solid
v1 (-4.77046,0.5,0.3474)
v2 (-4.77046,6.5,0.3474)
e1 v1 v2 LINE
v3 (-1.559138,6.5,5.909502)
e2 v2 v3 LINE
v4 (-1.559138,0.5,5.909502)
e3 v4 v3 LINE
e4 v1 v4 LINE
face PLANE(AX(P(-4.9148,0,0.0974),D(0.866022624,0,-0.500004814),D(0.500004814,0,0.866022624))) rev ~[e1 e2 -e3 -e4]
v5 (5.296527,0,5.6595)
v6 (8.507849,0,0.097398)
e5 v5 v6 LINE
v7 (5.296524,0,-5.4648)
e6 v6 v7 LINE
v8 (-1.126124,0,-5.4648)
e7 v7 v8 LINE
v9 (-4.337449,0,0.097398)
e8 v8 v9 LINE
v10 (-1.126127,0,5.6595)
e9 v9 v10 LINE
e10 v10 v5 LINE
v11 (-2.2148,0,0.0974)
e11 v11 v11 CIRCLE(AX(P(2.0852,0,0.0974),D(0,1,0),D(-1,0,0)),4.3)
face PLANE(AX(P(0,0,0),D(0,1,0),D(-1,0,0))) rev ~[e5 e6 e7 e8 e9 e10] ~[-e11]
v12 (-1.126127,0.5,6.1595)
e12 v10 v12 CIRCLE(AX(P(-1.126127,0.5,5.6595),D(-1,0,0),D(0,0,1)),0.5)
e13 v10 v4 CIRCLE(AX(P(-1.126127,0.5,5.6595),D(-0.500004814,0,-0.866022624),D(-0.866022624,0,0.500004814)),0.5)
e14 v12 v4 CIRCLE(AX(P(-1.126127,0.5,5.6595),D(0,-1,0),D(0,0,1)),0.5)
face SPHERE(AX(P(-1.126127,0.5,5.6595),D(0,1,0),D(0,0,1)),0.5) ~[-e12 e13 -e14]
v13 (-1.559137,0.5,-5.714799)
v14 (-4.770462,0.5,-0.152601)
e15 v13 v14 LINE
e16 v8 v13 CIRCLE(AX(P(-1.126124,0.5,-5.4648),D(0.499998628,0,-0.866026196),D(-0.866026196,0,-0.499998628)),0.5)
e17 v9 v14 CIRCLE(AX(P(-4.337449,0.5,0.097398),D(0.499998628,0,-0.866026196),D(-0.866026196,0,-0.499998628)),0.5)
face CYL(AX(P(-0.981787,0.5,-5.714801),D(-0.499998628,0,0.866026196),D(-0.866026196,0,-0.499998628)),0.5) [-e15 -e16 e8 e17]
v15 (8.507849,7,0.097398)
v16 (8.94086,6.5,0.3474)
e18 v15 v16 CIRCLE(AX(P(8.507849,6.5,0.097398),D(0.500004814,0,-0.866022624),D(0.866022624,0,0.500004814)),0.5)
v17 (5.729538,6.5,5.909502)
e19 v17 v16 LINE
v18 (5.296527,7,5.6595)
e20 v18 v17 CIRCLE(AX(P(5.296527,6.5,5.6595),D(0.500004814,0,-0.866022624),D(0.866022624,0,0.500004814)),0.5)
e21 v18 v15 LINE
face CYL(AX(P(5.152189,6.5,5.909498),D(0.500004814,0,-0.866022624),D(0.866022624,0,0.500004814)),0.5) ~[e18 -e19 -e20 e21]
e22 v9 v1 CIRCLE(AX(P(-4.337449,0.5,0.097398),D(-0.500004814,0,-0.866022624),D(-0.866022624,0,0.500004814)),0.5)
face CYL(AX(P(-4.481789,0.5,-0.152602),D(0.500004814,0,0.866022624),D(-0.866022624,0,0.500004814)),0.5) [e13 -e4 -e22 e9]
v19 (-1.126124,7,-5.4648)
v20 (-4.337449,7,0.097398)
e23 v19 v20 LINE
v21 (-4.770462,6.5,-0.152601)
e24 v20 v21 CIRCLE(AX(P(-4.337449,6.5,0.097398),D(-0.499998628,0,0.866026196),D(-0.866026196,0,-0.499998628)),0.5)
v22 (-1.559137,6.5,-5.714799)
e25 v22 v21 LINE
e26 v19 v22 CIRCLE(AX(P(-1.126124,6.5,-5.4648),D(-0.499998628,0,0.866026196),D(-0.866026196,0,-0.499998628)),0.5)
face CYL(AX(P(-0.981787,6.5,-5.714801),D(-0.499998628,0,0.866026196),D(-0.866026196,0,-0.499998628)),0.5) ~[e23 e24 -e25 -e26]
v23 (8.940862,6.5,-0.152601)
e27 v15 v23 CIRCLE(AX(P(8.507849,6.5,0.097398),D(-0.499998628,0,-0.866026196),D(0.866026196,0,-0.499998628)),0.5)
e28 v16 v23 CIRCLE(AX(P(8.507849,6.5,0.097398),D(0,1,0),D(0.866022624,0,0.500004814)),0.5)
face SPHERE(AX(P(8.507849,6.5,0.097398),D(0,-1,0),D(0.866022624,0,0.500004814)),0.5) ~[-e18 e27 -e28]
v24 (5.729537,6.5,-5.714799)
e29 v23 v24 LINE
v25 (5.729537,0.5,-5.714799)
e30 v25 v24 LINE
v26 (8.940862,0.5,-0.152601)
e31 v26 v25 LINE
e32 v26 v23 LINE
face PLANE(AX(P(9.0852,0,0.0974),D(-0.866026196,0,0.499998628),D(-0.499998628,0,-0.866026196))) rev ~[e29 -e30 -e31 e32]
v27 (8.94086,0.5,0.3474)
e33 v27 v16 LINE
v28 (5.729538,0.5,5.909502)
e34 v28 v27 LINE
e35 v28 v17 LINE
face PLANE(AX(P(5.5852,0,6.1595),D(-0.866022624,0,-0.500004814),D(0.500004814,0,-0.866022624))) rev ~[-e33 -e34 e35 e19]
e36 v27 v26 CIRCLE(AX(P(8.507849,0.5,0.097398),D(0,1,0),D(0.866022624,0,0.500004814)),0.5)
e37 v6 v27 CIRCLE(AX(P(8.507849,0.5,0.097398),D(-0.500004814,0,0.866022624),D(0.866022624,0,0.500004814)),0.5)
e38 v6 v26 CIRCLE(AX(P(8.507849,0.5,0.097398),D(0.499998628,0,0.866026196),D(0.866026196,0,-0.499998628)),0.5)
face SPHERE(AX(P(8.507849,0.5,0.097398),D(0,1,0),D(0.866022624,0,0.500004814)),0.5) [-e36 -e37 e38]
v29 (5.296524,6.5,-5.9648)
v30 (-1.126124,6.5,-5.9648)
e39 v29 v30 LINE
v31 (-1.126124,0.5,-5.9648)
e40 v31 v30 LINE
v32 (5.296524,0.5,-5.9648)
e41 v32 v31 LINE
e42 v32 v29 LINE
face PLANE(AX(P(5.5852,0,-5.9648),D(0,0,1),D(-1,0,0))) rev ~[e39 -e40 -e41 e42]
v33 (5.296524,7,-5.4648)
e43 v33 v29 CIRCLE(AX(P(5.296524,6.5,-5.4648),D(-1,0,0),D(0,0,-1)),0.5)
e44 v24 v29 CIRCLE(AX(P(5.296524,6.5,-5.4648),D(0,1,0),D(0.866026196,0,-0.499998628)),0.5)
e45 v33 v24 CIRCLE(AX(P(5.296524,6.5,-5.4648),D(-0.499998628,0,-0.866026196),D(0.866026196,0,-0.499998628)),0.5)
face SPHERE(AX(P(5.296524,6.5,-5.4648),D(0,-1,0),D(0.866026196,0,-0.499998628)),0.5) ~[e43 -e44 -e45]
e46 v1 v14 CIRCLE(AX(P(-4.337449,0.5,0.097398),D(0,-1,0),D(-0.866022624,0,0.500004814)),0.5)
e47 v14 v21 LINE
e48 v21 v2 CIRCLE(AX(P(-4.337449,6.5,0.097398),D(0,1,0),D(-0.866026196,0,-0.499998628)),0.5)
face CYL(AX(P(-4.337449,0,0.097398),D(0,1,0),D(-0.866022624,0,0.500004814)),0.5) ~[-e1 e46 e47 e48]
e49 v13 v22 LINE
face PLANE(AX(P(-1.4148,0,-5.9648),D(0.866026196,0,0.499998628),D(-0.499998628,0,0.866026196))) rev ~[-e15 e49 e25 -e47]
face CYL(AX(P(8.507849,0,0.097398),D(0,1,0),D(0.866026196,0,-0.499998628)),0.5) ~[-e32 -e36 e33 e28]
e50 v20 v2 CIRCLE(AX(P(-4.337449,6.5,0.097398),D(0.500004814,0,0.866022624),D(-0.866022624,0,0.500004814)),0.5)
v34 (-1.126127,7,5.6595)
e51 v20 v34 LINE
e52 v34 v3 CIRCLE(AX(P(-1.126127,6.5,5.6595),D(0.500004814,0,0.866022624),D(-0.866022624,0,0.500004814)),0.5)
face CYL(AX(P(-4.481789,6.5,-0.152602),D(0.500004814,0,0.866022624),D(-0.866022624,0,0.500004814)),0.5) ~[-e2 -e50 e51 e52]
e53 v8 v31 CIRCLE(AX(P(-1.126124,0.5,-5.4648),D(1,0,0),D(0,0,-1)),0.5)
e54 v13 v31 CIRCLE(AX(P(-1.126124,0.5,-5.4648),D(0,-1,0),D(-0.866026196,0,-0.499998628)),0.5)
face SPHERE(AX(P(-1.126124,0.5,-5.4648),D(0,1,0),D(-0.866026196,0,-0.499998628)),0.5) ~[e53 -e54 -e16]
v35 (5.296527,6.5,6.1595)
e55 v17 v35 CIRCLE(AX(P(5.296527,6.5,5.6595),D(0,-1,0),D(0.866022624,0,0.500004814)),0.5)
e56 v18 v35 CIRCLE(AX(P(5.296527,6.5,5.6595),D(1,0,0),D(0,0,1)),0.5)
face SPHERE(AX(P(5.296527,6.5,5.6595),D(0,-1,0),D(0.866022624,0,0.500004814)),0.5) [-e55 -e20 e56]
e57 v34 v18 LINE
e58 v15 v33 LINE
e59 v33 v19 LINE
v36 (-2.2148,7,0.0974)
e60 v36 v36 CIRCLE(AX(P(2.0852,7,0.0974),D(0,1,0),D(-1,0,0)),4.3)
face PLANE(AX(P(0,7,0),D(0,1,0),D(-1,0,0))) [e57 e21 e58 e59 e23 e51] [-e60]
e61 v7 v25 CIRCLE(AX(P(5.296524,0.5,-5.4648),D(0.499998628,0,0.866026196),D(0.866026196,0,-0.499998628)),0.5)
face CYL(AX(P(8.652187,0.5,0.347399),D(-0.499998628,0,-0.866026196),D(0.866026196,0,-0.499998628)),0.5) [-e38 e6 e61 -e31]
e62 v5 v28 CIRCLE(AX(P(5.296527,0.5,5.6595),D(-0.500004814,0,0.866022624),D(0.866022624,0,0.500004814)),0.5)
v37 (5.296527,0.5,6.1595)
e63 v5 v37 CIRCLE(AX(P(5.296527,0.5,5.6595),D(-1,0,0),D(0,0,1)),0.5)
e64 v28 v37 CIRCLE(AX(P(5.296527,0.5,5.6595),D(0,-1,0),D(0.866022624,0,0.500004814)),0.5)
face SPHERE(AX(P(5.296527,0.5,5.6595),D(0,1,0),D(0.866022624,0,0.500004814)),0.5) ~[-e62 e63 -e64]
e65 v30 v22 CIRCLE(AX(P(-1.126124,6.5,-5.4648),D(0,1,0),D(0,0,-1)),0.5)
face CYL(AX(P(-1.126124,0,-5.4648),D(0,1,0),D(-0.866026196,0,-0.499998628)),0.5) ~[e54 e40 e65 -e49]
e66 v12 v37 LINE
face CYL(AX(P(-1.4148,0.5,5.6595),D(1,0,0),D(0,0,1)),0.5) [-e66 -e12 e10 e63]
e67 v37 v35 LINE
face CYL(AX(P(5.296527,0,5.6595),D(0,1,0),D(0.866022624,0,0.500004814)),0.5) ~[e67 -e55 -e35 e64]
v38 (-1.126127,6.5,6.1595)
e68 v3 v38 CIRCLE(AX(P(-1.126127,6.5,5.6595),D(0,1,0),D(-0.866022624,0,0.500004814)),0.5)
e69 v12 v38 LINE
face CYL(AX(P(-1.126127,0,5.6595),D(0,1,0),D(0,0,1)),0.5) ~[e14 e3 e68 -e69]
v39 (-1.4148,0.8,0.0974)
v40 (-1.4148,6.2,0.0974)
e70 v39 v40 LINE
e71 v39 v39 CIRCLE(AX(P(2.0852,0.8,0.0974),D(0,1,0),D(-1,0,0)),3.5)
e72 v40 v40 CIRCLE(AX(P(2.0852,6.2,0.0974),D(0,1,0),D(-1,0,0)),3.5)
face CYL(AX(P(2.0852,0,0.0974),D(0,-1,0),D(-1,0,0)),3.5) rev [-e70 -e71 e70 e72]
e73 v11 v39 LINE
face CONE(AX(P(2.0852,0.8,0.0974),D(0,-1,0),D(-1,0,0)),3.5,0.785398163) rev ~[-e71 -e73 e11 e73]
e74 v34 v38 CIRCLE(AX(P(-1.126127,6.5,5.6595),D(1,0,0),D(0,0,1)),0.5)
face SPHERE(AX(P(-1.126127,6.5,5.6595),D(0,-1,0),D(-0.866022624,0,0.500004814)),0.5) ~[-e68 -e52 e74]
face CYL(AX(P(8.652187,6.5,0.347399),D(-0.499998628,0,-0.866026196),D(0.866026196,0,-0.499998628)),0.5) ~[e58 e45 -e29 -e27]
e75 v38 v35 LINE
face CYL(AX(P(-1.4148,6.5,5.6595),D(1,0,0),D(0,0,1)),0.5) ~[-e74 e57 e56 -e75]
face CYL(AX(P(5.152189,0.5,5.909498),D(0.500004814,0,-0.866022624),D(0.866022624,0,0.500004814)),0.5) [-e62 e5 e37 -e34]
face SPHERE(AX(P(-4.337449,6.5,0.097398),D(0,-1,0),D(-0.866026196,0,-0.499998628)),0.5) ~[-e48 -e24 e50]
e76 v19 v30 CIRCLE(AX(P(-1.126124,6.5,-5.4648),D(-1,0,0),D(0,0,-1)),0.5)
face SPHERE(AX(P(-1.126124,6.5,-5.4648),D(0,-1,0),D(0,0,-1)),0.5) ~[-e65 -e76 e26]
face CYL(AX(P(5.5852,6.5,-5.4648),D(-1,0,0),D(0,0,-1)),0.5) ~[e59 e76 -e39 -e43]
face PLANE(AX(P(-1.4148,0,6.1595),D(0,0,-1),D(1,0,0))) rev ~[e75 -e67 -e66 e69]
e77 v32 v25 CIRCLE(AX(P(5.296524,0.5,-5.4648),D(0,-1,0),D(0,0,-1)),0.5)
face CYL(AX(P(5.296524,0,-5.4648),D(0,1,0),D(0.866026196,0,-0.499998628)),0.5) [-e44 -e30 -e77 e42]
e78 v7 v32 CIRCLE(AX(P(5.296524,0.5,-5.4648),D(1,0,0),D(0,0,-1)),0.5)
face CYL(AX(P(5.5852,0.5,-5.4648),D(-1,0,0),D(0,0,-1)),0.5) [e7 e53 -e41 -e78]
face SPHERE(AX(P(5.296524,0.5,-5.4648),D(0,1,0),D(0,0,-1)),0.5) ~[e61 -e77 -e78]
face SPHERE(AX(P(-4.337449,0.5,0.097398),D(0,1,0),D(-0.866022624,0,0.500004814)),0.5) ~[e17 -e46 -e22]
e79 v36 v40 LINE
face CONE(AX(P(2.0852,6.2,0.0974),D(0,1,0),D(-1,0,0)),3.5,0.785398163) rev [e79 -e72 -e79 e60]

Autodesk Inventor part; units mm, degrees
ref_plane "YZ Plane" through (0, 0, 0) normal (1, 0, 0) x (0, 1, 0)
ref_plane "XZ Plane" through (0, 0, 0) normal (0, 1, 0) x (-1, 0, 0)
ref_plane "XY Plane" through (0, 0, 0) normal (0, 0, 1) x (1, 0, 0)
sketch "Boceto1" plane through (0, 0, 0) normal (0, 1, 0) x (-1, 0, 0)
  line L0 (-5.5852, -5.9648) -> (1.4148, -5.9648)
  line L1 (1.4148, -5.9648) -> (4.9148, 0.0974)
  line L2 (4.9148, 0.0974) -> (1.4148, 6.1595)
  line L3 (1.4148, 6.1595) -> (-5.5852, 6.1595)
  line L4 (-5.5852, 6.1595) -> (-9.0852, 0.0974)
  line L5 (-9.0852, 0.0974) -> (-5.5852, -5.9648)
  circle A0 centre (-2.0852, 0.0974) radius 3.5
  dimension "d21" = 7
  dimension "d22" = 7
  dimension "d23" = 120
  dimension "d24" = 7
  dimension "d25" = 7
  dimension "d26" = 7
  dimension "d27" = 120
  dimension "d28" = 7
extrude "Extrusión1" add sketch "Boceto1" along normal blind 7
thread "Rosca1" size "M7x1" class "6H" standard "ANSI Metric M Profile" full length
fillet "Empalme1" radius 0.5 18 edges at (-1.4148, 3.5, 6.1595) (-4.9148, 3.5, 0.0974) (-1.4148, 3.5, -5.9648) (5.5852, 3.5, -5.9648) (9.0852, 3.5, 0.0974) (5.5852, 3.5, 6.1595) (7.3352, 0, 3.1284) (2.0852, 0, 6.1595) (-3.1648, 0, 3.1284) (-3.1648, 0, -2.9337) (2.0852, 0, -5.9648) (7.3352, 0, -2.9337) (7.3352, 7, 3.1284) (7.3352, 7, -2.9337) (2.0852, 7, -5.9648) (-3.1648, 7, -2.9337) (-3.1648, 7, 3.1284) (2.0852, 7, 6.1595)
chamfer "Chaflán1" distance 0.8 angle 45 2 edges at (5.5852, 7, 0.0974) (5.5852, 0, 0.0974)
thread "Rosca2" size "Rc 1/16" standard "ISO Taper Internal" full length
thread "Rosca3" size "Rc 1/16" standard "ISO Taper Internal" full length
properties material "Acero"
